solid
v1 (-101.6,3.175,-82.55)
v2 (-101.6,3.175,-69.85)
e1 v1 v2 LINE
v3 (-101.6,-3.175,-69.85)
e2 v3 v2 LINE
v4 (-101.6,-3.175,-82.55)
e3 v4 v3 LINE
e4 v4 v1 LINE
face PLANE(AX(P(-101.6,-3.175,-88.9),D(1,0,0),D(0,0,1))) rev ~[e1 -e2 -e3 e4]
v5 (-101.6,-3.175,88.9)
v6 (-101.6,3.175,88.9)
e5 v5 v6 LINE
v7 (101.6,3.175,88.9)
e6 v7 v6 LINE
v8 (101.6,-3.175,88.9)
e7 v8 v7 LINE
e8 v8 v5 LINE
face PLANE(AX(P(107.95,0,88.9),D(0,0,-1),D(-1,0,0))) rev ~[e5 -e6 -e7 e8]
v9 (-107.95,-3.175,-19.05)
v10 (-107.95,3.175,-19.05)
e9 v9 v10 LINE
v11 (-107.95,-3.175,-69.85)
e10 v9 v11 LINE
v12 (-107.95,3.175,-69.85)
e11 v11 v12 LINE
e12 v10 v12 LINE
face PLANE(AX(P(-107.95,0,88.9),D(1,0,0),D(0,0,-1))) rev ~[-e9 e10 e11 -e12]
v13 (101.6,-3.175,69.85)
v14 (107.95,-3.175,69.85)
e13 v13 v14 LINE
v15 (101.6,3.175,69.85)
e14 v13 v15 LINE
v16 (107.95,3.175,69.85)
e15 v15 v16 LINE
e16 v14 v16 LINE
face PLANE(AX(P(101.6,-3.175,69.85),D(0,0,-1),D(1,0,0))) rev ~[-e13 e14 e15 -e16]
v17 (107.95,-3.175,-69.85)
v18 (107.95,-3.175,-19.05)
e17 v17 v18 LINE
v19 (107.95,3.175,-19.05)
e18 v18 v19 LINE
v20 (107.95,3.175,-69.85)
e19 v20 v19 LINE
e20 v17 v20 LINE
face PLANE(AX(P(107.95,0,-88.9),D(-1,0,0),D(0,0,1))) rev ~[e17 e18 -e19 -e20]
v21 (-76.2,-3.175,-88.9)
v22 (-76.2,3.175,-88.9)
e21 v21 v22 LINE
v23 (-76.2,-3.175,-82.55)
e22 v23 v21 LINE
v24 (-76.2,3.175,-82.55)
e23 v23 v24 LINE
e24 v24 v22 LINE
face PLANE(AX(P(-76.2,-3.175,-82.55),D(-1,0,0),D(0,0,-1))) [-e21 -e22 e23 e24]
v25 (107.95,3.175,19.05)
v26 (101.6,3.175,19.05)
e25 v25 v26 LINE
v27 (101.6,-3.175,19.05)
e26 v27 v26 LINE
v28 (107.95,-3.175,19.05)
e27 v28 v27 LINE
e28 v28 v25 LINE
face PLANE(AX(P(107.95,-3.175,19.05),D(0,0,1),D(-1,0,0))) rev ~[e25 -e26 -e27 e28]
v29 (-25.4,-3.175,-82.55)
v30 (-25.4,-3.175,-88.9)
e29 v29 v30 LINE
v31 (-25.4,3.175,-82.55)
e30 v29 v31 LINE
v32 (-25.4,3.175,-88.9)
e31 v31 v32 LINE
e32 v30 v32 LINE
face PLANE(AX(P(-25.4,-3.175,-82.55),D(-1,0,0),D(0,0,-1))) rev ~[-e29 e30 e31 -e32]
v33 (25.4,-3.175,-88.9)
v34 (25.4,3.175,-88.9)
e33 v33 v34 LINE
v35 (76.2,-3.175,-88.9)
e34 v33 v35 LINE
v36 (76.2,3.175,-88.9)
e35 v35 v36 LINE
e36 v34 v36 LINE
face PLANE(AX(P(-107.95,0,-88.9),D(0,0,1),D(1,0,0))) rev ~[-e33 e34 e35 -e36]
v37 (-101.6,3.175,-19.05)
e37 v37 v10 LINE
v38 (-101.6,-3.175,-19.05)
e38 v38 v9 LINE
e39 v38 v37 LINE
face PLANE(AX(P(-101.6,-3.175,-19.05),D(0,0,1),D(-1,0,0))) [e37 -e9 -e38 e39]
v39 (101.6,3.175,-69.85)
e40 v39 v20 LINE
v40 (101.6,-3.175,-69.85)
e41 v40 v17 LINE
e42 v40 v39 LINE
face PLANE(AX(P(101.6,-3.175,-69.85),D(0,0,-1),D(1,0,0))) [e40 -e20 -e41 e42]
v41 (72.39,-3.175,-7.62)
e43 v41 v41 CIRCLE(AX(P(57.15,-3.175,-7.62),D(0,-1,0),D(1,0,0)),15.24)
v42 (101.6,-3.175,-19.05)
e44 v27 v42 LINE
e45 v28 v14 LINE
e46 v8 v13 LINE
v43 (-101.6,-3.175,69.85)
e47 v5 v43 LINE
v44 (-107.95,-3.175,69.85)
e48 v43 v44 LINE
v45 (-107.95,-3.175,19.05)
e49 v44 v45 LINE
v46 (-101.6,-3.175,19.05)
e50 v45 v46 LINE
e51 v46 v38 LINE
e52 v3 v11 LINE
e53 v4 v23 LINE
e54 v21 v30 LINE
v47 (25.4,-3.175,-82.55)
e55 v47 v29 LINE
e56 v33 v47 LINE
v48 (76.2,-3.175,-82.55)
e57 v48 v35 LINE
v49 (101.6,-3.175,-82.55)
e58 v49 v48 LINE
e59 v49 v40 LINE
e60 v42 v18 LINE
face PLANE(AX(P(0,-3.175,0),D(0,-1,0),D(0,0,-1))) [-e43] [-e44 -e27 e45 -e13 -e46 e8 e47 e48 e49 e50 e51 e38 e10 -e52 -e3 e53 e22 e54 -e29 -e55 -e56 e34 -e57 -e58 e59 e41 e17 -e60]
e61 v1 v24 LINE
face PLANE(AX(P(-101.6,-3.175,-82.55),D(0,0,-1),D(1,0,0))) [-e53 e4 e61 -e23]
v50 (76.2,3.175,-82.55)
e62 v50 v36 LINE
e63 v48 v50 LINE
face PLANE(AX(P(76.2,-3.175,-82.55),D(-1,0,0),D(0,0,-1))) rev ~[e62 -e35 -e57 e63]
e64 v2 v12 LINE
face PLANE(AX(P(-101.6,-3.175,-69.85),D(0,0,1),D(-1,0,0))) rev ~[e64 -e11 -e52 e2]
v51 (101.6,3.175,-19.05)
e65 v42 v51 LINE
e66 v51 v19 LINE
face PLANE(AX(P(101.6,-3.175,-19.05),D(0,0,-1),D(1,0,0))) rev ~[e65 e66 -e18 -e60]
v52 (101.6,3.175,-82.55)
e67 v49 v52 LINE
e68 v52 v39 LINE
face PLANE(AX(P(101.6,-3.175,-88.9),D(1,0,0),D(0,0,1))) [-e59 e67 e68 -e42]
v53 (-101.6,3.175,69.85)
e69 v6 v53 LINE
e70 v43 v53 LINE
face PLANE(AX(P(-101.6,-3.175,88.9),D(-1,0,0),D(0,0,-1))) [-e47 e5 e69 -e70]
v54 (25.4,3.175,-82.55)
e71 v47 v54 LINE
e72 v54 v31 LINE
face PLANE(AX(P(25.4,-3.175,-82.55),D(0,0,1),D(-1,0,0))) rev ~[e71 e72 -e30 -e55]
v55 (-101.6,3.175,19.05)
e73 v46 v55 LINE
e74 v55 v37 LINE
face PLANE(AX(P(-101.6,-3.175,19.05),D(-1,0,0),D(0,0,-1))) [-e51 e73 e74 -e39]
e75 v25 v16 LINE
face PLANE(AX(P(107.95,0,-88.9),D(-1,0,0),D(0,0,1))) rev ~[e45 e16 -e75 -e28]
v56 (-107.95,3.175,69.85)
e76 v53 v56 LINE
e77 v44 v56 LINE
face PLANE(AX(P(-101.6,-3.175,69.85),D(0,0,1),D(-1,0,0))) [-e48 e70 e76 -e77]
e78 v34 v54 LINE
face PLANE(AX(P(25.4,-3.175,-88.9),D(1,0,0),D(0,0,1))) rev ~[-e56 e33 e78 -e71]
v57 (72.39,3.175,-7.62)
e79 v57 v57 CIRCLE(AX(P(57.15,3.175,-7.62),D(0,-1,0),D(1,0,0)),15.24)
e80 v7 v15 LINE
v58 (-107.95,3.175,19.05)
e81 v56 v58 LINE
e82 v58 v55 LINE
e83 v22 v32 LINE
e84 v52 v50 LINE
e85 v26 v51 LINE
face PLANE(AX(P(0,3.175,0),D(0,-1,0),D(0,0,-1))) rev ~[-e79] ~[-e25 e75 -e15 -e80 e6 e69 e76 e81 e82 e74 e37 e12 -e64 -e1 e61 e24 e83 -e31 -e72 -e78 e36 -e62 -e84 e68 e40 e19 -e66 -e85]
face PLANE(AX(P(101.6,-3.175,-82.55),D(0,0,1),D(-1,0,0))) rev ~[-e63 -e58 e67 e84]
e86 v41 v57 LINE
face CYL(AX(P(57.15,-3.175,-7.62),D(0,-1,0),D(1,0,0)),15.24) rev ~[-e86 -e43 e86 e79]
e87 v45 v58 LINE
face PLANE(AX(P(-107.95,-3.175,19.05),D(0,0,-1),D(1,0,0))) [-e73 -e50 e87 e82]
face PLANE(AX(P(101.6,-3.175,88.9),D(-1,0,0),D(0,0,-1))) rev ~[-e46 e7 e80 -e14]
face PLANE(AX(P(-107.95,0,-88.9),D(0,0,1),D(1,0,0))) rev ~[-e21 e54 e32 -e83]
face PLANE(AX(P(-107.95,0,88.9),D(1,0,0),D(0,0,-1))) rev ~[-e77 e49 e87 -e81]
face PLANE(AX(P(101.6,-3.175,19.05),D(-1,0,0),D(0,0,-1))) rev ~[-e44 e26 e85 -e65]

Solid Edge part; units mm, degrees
sketch "Sketch1" plane through (0, 0, 0) normal (0, -1, 0) x (1, 0, 0)
  line L0 (-107.95, -88.9) -> (107.95, -88.9)
  line L1 (107.95, -88.9) -> (107.95, 88.9)
  line L2 (107.95, 88.9) -> (-107.95, 88.9)
  line L3 (-107.95, 88.9) -> (-107.95, -88.9)
  dimension "D1" = 215.9
  dimension "D2" = 177.8
extrude "ExtrudedProtrusion_1" add sketch "Sketch1" along normal mid plane 6.35
sketch "Sketch2" plane through (0, -3.175, 0) normal (0, -1, 0) x (1, 0, 0)
  line L0 (107.95, 88.9) -> (101.6, 88.9)
  line L1 (101.6, 88.9) -> (101.6, 69.85)
  line L2 (101.6, 69.85) -> (107.95, 69.85)
  line L3 (107.95, 69.85) -> (107.95, 88.9)
  line L4 (107.95, 19.05) -> (101.6, 19.05)
  line L5 (101.6, 19.05) -> (101.6, -19.05)
  line L6 (101.6, -19.05) -> (107.95, -19.05)
  line L7 (107.95, -19.05) -> (107.95, 19.05)
  line L8 (107.95, -88.9) -> (101.6, -88.9)
  line L9 (101.6, -88.9) -> (101.6, -69.85)
  line L10 (101.6, -69.85) -> (107.95, -69.85)
  line L11 (107.95, -69.85) -> (107.95, -88.9)
  line L12 (-107.95, 88.9) -> (-101.6, 88.9)
  line L13 (-101.6, 88.9) -> (-101.6, 69.85)
  line L14 (-101.6, 69.85) -> (-107.95, 69.85)
  line L15 (-107.95, 69.85) -> (-107.95, 88.9)
  line L16 (-107.95, 19.05) -> (-101.6, 19.05)
  line L17 (-101.6, 19.05) -> (-101.6, -19.05)
  line L18 (-101.6, -19.05) -> (-107.95, -19.05)
  line L19 (-107.95, -19.05) -> (-107.95, 19.05)
  line L20 (-107.95, -88.9) -> (-101.6, -88.9)
  line L21 (-101.6, -88.9) -> (-101.6, -69.85)
  line L22 (-101.6, -69.85) -> (-107.95, -69.85)
  line L23 (-107.95, -69.85) -> (-107.95, -88.9)
  dimension "D1" = 19.05
  dimension "D2" = 6.35
  dimension "D3" = 50.8
  dimension "D4" = 50.8
extrude "Cutout1" cut sketch "Sketch2" against normal through all
sketch "Sketch3" plane through (0, -3.175, 0) normal (0, -1, 0) x (1, 0, 0)
  line L0 (101.6, -82.55) -> (76.2, -82.55)
  line L1 (76.2, -82.55) -> (76.2, -88.9)
  line L2 (76.2, -88.9) -> (101.6, -88.9)
  line L3 (101.6, -88.9) -> (101.6, -82.55)
  line L4 (-101.6, -82.55) -> (-76.2, -82.55)
  line L5 (-76.2, -82.55) -> (-76.2, -88.9)
  line L6 (-76.2, -88.9) -> (-101.6, -88.9)
  line L7 (-101.6, -88.9) -> (-101.6, -82.55)
  line L8 (-25.4, -88.9) -> (25.4, -88.9)
  line L9 (25.4, -88.9) -> (25.4, -82.55)
  line L10 (25.4, -82.55) -> (-25.4, -82.55)
  line L11 (-25.4, -82.55) -> (-25.4, -88.9)
  dimension "D1" = 25.4
  dimension "D2" = 50.8
  dimension "D3" = 6.35
extrude "Cutout2" cut sketch "Sketch3" against normal through all
sketch "Sketch4" plane through (0, -3.175, 0) normal (0, -1, 0) x (1, 0, 0)
  circle A0 centre (57.15, -7.62) radius 15.24
  dimension "D1" = 30.48
  dimension "D2" = 158.75
  dimension "D3" = 74.93
extrude "Cutout3" cut sketch "Sketch4" against normal through all
properties material "ABS PLUS"
